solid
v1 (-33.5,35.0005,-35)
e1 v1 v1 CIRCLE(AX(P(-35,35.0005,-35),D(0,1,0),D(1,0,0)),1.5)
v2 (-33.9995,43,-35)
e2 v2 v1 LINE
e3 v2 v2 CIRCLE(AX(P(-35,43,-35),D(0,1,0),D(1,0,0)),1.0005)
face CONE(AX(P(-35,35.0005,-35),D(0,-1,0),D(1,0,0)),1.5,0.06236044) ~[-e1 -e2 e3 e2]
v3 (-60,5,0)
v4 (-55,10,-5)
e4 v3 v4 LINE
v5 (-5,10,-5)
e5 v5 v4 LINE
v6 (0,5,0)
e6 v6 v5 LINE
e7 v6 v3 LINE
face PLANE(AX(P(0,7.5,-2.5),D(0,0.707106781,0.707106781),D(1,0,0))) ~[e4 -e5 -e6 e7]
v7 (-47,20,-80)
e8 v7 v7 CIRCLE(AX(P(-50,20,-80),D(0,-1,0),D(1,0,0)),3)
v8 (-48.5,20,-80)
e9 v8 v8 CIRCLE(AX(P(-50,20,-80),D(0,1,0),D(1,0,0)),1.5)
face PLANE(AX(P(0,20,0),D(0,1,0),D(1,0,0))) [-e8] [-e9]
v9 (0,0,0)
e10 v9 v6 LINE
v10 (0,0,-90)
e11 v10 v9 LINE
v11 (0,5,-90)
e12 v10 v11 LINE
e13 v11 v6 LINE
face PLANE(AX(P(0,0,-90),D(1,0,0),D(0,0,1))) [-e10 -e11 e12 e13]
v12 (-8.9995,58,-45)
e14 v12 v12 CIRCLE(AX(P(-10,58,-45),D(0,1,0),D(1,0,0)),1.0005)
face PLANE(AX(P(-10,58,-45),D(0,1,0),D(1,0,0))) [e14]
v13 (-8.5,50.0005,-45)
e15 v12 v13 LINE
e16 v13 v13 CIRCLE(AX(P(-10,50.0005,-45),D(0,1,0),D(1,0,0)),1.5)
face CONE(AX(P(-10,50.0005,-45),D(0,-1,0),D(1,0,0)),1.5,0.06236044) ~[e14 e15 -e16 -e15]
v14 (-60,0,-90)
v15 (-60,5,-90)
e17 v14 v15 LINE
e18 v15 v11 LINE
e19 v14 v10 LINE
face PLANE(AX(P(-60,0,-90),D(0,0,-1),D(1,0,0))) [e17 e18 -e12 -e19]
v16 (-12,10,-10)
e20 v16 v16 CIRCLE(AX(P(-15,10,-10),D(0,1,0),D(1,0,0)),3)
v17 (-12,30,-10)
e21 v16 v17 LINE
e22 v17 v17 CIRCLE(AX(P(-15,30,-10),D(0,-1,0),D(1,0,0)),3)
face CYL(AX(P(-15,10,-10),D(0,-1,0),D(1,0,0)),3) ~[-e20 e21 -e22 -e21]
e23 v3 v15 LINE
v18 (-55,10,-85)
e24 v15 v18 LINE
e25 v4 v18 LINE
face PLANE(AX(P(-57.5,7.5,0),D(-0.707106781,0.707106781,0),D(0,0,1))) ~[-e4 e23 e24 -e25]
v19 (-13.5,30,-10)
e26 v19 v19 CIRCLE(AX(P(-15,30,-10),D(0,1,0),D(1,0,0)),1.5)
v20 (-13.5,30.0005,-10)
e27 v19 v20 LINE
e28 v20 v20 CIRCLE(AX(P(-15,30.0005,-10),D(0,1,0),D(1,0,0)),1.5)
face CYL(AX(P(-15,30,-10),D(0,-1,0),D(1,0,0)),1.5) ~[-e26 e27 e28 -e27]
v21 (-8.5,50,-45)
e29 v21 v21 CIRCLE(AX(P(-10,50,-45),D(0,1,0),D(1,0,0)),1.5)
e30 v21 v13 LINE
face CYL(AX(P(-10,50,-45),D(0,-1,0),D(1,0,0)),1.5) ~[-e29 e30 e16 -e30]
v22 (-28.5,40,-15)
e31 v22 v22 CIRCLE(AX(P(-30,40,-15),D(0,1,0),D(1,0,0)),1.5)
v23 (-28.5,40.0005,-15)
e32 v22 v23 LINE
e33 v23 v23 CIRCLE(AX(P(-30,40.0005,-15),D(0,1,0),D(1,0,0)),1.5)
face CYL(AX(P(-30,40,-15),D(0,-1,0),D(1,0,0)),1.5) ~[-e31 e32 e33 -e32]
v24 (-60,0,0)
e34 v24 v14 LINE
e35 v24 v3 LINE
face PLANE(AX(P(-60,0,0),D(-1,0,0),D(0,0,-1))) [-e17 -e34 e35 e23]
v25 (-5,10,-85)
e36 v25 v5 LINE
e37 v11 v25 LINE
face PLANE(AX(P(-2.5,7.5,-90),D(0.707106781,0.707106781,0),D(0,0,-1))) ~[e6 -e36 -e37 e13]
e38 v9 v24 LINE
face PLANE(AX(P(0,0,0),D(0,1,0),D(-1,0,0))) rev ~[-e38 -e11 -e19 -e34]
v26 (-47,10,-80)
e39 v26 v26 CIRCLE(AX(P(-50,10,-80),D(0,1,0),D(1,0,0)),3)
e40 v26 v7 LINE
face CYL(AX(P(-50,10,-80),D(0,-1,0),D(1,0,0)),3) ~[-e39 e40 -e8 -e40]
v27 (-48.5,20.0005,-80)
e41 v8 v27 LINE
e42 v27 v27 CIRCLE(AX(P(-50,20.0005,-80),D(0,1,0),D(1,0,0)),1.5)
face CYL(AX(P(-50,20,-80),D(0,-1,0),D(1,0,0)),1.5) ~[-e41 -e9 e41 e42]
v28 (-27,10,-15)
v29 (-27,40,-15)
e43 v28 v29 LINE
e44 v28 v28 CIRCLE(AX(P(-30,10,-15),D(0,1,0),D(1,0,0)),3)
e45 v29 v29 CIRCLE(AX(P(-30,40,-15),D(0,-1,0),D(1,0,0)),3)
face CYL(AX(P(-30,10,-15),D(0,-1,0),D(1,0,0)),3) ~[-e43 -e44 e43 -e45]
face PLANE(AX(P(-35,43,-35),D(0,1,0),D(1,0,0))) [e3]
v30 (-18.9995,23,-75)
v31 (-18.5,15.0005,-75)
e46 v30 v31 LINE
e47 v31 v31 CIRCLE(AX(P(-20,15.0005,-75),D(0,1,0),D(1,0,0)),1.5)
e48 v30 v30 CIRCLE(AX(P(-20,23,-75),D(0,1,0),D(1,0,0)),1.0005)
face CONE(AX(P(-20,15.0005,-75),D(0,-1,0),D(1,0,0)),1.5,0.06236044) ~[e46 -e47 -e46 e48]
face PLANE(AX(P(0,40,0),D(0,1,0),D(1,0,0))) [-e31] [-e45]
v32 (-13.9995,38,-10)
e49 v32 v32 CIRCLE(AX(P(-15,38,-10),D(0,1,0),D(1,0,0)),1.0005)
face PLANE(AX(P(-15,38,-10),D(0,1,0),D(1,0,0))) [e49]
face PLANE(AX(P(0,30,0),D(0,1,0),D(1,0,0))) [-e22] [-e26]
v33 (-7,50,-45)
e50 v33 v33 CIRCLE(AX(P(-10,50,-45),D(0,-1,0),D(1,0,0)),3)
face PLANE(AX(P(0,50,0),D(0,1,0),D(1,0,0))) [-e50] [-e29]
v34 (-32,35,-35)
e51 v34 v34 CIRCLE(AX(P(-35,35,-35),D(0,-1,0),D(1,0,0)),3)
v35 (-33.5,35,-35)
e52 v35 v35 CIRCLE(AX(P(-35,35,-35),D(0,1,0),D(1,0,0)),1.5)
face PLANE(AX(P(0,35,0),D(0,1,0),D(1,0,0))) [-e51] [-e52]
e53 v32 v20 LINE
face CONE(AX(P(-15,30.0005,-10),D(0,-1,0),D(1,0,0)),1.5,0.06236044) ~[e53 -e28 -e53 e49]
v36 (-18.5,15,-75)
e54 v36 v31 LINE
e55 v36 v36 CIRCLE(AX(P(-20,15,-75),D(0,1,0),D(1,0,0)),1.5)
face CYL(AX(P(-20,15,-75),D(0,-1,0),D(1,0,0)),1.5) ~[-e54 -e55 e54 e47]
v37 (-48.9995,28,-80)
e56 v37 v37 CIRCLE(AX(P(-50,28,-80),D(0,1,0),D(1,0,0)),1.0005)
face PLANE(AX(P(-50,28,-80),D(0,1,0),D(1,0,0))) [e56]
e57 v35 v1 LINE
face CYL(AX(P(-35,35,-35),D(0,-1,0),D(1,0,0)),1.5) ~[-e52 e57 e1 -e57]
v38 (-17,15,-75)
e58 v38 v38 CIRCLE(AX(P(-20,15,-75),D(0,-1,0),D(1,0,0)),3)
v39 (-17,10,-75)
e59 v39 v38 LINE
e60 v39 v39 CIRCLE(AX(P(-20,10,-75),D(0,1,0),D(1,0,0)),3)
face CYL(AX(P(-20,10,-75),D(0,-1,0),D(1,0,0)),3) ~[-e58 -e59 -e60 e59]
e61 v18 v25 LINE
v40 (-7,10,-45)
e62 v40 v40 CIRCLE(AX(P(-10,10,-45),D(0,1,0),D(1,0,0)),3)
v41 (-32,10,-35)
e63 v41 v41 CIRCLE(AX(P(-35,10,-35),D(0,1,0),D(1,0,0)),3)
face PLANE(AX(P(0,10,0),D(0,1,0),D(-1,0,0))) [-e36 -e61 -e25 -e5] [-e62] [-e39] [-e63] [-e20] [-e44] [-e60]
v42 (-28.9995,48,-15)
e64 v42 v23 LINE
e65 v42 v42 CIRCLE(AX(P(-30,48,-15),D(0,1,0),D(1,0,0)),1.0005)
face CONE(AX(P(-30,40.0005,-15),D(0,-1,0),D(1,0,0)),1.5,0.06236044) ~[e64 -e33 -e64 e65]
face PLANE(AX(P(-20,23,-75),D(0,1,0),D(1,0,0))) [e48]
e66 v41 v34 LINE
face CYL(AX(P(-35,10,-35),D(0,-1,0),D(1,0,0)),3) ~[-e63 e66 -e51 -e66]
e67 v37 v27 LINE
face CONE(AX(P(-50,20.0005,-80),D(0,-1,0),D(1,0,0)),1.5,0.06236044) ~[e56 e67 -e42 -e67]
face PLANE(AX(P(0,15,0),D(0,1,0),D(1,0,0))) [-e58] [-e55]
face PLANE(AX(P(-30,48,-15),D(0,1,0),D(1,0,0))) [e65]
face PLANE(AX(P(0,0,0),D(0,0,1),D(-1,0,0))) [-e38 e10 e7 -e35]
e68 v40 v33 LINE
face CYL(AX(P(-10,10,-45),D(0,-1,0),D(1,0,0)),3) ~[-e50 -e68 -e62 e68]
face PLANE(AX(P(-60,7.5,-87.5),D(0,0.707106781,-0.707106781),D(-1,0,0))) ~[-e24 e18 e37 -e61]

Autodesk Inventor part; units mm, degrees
ref_plane "YZ Plane" through (0, 0, 0) normal (1, 0, 0) x (0, 1, 0)
ref_plane "XZ Plane" through (0, 0, 0) normal (0, 1, 0) x (-1, 0, 0)
ref_plane "XY Plane" through (0, 0, 0) normal (0, 0, 1) x (1, 0, 0)
sketch "草圖1" plane through (0, 0, 0) normal (0, 1, 0) x (-1, 0, 0)
  line L0 (0, 0) -> (60, 0)
  line L1 (60, 0) -> (60, -90)
  line L2 (60, -90) -> (0, -90)
  line L3 (0, -90) -> (0, 0)
  dimension "d0" = 60
  dimension "d1" = 90
extrude "擠出1" add sketch "草圖1" along normal blind 10
chamfer "倒角1" distance 5 angle 45 4 edges at (-60, 10, -45) (-30, 10, 0) (0, 10, -45) (-30, 10, -90)
sketch "草圖2" plane through (0, 10, 0) normal (0, 1, 0) x (1, 0, 0)
  line L0 (-60, 0) -> (0, 0) projected
  line L1 (0, 0) -> (-15, 0)
  line L2 (-15, 0) -> (-15, 10)
  line L3 (-15, 10) -> (0, 10)
  line L4 (0, 10) -> (0, 0)
  line L5 (-15, 10) -> (-30, 10)
  line L6 (-30, 10) -> (-30, 15)
  line L7 (-30, 15) -> (-15, 15)
  line L8 (-15, 15) -> (-15, 10)
  line L9 (-30, 15) -> (-35, 15)
  line L10 (-35, 15) -> (-35, 35)
  line L11 (-35, 35) -> (-30, 35)
  line L12 (-30, 35) -> (-30, 15)
  line L13 (-35, 35) -> (-50, 35)
  line L14 (-50, 35) -> (-50, 80)
  line L15 (-50, 80) -> (-35, 80)
  line L16 (-35, 80) -> (-35, 35)
  line L17 (-35, 80) -> (-20, 80)
  line L18 (-20, 80) -> (-20, 75)
  line L19 (-20, 75) -> (-35, 75)
  line L20 (-35, 75) -> (-35, 80)
  line L21 (-20, 75) -> (-10, 75)
  line L22 (-10, 75) -> (-10, 45)
  line L23 (-10, 45) -> (-20, 45)
  line L24 (-20, 45) -> (-20, 75)
  circle A0 centre (-15, 10) radius 3
  circle A1 centre (-30, 15) radius 3
  circle A2 centre (-35, 35) radius 3
  circle A3 centre (-50, 80) radius 3
  circle A4 centre (-20, 75) radius 3
  circle A5 centre (-10, 45) radius 3
  dimension "d7" = 15
  dimension "d8" = 10
  dimension "d9" = 15
  dimension "d10" = 5
  dimension "d11" = 5
  dimension "d12" = 20
  dimension "d13" = 15
  dimension "d14" = 45
  dimension "d15" = 15
  dimension "d16" = 5
  dimension "d17" = 10
  dimension "d18" = 30
  dimension "d19" = 6
  dimension "d20" = 6
  dimension "d21" = 6
  dimension "d22" = 6
  dimension "d23" = 6
  dimension "d24" = 6
extrude "擠出2" add sketch "草圖2" along normal blind 40 contours A5 L22 L23 | L23 L22 A5
extrude "擠出3" add sketch "草圖2" along normal blind 5 contours A4 L18 L19 | L19 L24 A4 | L18 A4 L21 | L21 A4 L24
extrude "擠出4" add sketch "草圖2" along normal blind 10 contours A3 L15 L14 | L14 L15 A3
extrude "擠出5" add sketch "草圖2" along normal blind 25 contours A2 L13 L10 | L10 L11 A2 | L11 L16 A2 | L13 A2 L16
extrude "擠出6" add sketch "草圖2" along normal blind 20 contours A0 L5 L2 | L2 L3 A0 | L8 A0 L3 | L5 A0 L8
extrude "擠出7" add sketch "草圖2" along normal blind 30 contours A1 L9 L6 | L6 L7 A1 | L7 L12 A1 | L9 A1 L12
sketch "草圖3" plane through (-15, 30, -10) normal (0, 1, 0) x (1, 0, 0)
  circle A0 centre (0, 0) radius 1.5
  point P0 (15, -10)
  dimension "d37" = 3
sketch "草圖4" plane through (-30, 40, -15) normal (0, 1, 0) x (1, 0, 0)
  circle A0 centre (0, 0) radius 1.5
  point P0 (30, -15)
  dimension "d38" = 3
sketch "草圖5" plane through (-10, 50, -45) normal (0, 1, 0) x (1, 0, 0)
  circle A0 centre (0, 0) radius 1.5
  point P0 (10, -45)
  dimension "d39" = 3
sketch "草圖6" plane through (-35, 35, -35) normal (0, 1, 0) x (1, 0, 0)
  circle A0 centre (0, 0) radius 1.5
  point P0 (35, -35)
  dimension "d40" = 3
sketch "草圖7" plane through (-50, 20, -80) normal (0, 1, 0) x (1, 0, 0)
  circle A0 centre (0, 0) radius 1.5
  point P0 (50, -80)
  dimension "d41" = 3
sketch "草圖8" plane through (-20, 15, -75) normal (0, 1, 0) x (1, 0, 0)
  circle A0 centre (0, 0) radius 1.5
  point P0 (20, -75)
  dimension "d42" = 3
extrude "擠出8" add sketch "草圖8" along normal blind 8
extrude "擠出9" add sketch "草圖5" along normal blind 8
extrude "擠出10" add sketch "草圖3" along normal blind 8
extrude "擠出11" add sketch "草圖4" along normal blind 8
extrude "擠出12" add sketch "草圖6" along normal blind 8
extrude "擠出13" add sketch "草圖7" along normal blind 8
chamfer "倒角2" distance 0.5 distance2 8 1 edges at (-51.5, 28, -80) measured on face at (-50.167, 28, -80.5524)
chamfer "倒角3" distance 0.5 distance2 8 1 edges at (-21.5, 23, -75) measured on face at (-20.167, 23, -75.5524)
chamfer "倒角4" distance 0.5 distance2 8 1 edges at (-11.5, 58, -45) measured on face at (-9.1644, 58, -45.3876)
chamfer "倒角5" distance 0.5 distance2 8 1 edges at (-36.5, 43, -35) measured on face at (-34.1644, 43, -35.3876)
chamfer "倒角6" distance 0.5 distance2 8 1 edges at (-31.5, 48, -15) measured on face at (-29.1644, 48, -15.3876)
chamfer "倒角7" distance 0.5 distance2 8 1 edges at (-16.5, 38, -10) measured on face at (-14.6048, 38, -9.3766)
properties part number "HeadTrackerProMax"
